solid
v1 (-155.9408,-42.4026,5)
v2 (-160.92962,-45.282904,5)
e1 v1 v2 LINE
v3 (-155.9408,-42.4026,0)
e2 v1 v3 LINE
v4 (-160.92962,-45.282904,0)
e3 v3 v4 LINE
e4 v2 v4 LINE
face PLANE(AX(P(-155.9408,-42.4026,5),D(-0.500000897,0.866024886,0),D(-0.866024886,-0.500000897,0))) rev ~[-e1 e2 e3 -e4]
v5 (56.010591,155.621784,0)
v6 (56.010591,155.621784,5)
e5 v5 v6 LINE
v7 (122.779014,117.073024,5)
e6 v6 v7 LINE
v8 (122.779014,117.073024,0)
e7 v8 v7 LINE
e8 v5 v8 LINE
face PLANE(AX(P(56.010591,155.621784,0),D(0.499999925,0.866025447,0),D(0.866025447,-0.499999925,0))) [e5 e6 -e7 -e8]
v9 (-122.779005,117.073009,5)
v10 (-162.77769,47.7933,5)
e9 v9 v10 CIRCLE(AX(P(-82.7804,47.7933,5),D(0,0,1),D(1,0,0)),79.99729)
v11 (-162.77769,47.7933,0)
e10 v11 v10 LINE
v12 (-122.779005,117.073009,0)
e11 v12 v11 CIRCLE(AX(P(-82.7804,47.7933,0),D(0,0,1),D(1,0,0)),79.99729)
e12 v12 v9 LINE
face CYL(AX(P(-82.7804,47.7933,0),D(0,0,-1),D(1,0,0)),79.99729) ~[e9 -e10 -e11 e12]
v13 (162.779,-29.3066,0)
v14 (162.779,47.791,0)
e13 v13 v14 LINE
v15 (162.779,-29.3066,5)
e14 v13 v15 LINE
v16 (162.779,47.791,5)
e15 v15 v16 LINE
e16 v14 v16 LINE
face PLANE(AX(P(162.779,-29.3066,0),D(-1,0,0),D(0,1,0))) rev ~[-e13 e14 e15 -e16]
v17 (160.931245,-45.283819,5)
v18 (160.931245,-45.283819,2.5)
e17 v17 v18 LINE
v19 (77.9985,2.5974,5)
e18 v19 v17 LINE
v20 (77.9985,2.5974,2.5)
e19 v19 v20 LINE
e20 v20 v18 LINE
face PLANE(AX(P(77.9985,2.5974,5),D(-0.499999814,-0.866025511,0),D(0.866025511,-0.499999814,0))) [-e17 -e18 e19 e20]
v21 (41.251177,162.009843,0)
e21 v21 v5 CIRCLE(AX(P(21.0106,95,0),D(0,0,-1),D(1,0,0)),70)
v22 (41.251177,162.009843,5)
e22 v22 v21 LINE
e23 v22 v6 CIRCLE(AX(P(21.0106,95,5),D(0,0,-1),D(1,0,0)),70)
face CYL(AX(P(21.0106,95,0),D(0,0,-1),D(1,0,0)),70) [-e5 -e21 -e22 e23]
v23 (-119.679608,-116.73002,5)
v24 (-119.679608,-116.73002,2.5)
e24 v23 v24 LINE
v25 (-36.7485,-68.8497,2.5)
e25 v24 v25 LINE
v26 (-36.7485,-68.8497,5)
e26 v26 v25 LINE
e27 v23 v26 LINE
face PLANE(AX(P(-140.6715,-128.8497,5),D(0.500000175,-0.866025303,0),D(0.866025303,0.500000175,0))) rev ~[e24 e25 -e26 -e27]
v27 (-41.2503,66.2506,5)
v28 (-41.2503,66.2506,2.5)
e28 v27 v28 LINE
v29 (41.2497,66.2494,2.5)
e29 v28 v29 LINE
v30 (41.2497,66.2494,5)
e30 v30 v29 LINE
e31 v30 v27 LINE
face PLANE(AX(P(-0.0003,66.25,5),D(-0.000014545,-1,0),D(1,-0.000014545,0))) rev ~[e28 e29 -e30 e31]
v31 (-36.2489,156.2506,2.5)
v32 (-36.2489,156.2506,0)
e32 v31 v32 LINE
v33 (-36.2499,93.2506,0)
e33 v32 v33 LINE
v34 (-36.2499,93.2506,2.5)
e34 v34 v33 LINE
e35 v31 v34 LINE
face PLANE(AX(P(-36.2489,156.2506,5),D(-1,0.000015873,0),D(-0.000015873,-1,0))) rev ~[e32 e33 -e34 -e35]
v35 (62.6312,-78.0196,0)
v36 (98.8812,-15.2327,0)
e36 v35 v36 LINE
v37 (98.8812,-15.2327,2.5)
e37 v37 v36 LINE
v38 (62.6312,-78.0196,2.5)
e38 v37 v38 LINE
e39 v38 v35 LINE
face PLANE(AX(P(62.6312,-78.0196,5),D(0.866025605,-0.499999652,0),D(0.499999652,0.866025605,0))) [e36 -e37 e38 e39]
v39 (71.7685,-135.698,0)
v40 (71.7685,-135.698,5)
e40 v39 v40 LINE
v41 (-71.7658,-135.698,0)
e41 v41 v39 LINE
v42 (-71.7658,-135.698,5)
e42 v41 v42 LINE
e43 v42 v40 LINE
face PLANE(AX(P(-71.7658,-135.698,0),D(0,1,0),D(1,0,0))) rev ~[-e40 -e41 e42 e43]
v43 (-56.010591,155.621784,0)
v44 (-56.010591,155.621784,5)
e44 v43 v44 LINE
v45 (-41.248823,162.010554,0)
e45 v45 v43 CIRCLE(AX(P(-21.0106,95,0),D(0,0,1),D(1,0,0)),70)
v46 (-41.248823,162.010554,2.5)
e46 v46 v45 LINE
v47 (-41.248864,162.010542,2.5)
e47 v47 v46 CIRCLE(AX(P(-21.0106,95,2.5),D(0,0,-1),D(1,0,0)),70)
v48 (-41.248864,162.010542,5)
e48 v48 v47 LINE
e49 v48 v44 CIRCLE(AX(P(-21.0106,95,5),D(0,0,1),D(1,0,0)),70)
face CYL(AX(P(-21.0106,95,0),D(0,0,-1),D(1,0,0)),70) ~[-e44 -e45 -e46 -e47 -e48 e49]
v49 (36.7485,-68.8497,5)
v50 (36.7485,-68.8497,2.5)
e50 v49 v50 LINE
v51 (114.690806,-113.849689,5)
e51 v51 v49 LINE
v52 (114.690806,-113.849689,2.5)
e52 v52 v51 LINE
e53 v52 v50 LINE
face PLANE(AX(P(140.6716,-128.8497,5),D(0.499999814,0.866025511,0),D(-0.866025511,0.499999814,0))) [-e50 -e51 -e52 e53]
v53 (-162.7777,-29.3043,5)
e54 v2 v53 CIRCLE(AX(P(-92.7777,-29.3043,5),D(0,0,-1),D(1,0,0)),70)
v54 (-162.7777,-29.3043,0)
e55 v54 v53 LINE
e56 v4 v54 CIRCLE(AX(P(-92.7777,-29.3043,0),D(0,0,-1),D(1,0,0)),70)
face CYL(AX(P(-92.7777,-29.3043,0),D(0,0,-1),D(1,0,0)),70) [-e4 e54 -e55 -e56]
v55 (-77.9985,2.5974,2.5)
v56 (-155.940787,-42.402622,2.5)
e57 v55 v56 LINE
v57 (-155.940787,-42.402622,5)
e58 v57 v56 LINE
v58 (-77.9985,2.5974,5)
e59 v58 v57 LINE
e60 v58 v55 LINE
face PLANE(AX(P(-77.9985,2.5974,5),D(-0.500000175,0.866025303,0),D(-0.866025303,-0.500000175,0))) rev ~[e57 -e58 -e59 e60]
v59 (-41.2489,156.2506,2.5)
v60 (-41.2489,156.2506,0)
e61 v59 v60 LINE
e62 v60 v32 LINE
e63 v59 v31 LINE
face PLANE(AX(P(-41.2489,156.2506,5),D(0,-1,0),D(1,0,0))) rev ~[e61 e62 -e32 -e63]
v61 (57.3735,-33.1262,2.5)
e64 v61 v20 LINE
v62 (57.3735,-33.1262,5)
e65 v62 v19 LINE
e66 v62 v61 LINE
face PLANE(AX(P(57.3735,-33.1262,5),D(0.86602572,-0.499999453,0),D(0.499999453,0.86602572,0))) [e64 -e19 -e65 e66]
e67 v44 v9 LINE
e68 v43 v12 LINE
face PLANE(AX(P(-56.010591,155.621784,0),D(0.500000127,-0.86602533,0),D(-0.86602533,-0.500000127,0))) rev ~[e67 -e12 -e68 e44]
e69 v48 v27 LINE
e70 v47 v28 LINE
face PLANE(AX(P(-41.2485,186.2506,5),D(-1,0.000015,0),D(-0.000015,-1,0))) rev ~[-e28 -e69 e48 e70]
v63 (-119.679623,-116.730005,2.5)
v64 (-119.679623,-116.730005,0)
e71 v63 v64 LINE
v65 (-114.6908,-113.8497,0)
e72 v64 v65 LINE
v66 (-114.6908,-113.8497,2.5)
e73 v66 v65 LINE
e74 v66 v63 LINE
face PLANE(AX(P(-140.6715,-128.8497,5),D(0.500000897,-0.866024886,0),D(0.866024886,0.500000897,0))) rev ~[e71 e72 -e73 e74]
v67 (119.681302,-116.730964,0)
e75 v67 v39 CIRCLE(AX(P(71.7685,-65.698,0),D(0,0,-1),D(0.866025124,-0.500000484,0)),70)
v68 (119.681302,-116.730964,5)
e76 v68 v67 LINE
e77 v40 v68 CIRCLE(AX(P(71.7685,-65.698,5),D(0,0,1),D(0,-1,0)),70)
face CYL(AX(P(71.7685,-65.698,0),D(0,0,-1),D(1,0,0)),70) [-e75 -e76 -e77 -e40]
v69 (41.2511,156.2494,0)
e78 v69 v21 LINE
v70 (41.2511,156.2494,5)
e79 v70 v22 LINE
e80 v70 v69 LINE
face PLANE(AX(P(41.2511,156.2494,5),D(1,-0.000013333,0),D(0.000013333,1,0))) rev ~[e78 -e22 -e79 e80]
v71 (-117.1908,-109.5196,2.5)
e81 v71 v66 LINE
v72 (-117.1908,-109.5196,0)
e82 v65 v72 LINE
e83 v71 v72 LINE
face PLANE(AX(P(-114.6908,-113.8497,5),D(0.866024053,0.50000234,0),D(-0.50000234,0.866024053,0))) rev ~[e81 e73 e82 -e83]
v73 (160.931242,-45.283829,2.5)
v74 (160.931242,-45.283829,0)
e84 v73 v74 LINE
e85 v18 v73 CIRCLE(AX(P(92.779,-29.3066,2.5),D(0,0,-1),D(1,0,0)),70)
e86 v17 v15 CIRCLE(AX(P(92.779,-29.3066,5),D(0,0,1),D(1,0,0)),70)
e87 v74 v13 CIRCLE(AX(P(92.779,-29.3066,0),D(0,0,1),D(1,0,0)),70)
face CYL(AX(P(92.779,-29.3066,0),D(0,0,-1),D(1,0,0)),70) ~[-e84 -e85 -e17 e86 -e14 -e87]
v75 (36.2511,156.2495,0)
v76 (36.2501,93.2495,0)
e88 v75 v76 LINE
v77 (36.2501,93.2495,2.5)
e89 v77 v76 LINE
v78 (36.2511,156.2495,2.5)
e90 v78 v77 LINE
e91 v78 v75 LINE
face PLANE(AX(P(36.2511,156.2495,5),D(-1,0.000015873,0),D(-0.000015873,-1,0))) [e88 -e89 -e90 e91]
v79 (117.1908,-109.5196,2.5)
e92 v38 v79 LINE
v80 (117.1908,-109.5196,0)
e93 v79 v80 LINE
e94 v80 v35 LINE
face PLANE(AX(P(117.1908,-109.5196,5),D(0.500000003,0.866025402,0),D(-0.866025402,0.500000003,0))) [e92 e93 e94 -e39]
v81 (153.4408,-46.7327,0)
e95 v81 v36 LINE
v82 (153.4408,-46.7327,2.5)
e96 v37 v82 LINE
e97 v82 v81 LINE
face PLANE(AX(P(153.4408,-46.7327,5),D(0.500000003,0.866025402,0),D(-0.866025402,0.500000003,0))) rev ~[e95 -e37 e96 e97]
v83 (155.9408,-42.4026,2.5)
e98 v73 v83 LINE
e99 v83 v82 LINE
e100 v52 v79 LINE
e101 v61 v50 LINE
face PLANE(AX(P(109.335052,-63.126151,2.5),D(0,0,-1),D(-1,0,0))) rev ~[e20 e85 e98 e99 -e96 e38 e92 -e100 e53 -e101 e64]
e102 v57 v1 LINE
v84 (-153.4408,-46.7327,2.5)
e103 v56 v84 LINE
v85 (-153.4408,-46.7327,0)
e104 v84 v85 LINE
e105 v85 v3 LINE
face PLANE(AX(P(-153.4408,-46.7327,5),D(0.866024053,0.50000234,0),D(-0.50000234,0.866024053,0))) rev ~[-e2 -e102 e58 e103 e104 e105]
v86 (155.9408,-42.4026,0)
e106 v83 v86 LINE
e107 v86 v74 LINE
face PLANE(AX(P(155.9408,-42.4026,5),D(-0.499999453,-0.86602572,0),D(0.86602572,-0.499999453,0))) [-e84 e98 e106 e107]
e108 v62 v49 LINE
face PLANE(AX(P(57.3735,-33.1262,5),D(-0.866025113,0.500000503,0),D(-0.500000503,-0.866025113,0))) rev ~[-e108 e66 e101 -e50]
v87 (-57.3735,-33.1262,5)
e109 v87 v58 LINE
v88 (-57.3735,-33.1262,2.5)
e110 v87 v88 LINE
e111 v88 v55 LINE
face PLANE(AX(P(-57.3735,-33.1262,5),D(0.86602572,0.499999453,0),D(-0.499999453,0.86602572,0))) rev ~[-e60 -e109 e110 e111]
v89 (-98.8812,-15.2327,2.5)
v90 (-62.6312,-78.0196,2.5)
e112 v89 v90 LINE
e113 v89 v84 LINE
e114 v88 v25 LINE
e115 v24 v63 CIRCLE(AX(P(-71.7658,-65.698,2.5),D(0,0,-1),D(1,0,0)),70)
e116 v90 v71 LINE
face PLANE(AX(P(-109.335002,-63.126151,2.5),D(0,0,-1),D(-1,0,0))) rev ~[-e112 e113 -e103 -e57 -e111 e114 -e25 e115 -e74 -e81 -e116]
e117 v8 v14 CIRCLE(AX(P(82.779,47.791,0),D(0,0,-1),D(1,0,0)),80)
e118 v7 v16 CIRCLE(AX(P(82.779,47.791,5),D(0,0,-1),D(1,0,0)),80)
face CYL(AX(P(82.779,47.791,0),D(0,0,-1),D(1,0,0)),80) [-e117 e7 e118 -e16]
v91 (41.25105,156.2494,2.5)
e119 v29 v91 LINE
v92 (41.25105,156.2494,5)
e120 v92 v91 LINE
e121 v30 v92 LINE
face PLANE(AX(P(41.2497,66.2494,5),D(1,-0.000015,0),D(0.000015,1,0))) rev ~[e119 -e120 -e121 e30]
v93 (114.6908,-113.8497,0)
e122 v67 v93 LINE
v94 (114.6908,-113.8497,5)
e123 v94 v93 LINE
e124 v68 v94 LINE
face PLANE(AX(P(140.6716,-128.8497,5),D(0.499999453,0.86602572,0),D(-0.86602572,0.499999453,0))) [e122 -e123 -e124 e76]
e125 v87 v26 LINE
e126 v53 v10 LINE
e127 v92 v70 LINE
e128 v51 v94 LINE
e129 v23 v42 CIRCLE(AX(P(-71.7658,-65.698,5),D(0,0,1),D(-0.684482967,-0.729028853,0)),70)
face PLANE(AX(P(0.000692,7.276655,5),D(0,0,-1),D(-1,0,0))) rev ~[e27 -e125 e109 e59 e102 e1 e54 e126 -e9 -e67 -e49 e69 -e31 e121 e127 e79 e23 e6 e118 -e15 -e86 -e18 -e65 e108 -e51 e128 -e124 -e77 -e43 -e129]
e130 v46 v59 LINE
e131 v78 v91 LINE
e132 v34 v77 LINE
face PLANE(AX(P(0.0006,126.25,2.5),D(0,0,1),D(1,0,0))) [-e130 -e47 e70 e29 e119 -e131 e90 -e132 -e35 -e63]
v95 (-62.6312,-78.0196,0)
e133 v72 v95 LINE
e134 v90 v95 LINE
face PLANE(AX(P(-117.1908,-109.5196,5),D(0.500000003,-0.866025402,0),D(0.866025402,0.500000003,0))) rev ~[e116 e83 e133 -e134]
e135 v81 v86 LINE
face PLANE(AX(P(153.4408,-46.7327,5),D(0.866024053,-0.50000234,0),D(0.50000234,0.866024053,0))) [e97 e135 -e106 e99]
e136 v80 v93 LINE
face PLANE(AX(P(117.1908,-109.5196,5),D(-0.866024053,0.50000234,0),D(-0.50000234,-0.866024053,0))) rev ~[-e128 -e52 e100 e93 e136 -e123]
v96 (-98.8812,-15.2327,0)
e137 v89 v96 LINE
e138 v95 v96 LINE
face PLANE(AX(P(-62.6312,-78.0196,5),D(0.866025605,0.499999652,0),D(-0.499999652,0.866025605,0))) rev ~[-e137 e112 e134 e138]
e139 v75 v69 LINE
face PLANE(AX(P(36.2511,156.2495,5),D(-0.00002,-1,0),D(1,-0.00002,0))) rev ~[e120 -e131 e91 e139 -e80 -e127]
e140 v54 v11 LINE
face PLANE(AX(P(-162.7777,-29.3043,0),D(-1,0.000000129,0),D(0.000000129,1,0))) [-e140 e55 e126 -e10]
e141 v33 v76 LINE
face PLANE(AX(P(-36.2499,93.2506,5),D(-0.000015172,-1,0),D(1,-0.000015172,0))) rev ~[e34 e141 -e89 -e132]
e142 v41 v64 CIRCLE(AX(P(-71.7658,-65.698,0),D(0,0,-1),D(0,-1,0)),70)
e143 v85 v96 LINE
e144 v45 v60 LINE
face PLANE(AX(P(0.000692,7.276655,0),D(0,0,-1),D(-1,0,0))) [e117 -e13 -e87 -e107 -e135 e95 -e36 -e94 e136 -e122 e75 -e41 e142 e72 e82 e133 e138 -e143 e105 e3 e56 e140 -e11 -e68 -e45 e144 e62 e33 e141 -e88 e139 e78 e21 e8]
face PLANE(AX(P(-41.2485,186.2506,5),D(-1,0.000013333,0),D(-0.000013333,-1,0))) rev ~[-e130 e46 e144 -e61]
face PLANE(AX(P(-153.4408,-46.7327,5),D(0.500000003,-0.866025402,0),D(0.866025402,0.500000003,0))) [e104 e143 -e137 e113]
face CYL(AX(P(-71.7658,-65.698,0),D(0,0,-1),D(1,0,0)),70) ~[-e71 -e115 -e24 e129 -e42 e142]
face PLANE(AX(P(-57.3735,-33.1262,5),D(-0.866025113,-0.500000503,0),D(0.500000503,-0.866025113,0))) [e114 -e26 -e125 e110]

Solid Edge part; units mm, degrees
sketch "Sketch1" plane through (0, 0, 0) normal (0, 0, 1) x (1, 0, 0)
  line L0 (56.0106, 155.6218) -> (122.779, 117.073)
  arc A0 (122.779, 117.073) -> (162.779, 47.791) centre (82.779, 47.791) cw
  line L1 (162.779, -29.3066) -> (162.779, 47.791)
  arc A1 (153.4008, -64.3066) -> (162.779, -29.3066) centre (92.779, -29.3066) ccw
  line L2 (142.8955, -82.5023) -> (153.4008, -64.3066)
  line L3 (142.8955, -82.5023) -> (132.3902, -100.698)
  arc A2 (132.3902, -100.698) -> (106.7685, -126.3198) centre (71.7685, -65.698) cw
  arc A3 (106.7685, -126.3198) -> (71.7685, -135.698) centre (71.7685, -65.698) cw
  line L4 (-71.7658, -135.698) -> (71.7685, -135.698)
  arc A4 (-106.7658, -126.3198) -> (-71.7658, -135.698) centre (-71.7658, -65.698) ccw
  arc A5 (-132.3876, -100.698) -> (-106.7658, -126.3198) centre (-71.7658, -65.698) ccw
  line L5 (-153.3995, -64.3043) -> (-132.3876, -100.698)
  arc A6 (-153.3995, -64.3043) -> (-162.7777, -29.3043) centre (-92.7777, -29.3043) cw
  line L6 (-162.7777, -29.3043) -> (-162.7777, 47.7933)
  arc A7 (-122.779, 117.073) -> (-162.7777, 47.7933) centre (-82.7804, 47.7933) ccw
  line L7 (-56.0106, 155.6218) -> (-122.779, 117.073)
  arc A8 (-21.0106, 165) -> (-56.0106, 155.6218) centre (-21.0106, 95) ccw
  line L8 (0, 165) -> (-21.0106, 165)
  line L9 (0, 165) -> (21.0106, 165)
  arc A9 (21.0106, 165) -> (56.0106, 155.6218) centre (21.0106, 95) cw
extrude "Protrusion1" add sketch "Sketch1" along normal blind 5
sketch "Sketch2" plane through (0.0007, 14.651, 5) normal (0, 0, 1) x (1, 0, 0)
  line L0 (-57.3742, -47.7772) -> (-36.7492, -83.5007)
  line L1 (-140.6722, -143.5007) -> (-36.7492, -83.5007)
  line L2 (-181.9222, -72.0536) -> (-140.6722, -143.5007)
  line L3 (-77.9992, -12.0536) -> (-181.9222, -72.0536)
  line L4 (-57.3742, -47.7772) -> (-77.9992, -12.0536)
  line L5 (140.6709, -143.5007) -> (36.7478, -83.5007)
  line L6 (57.3728, -47.7772) -> (36.7478, -83.5007)
  line L7 (57.3728, -47.7772) -> (77.9978, -12.0536)
  line L8 (77.9978, -12.0536) -> (181.9209, -72.0536)
  line L9 (181.9209, -72.0536) -> (140.6709, -143.5007)
  line L10 (-0.001, 51.599) -> (41.249, 51.5984)
  line L11 (41.249, 51.5984) -> (41.2508, 171.5984)
  line L12 (41.2508, 171.5984) -> (-41.2492, 171.5996)
  line L13 (-41.2492, 171.5996) -> (-41.251, 51.5996)
  line L14 (-0.001, 51.599) -> (-41.251, 51.5996)
extrude "ExtrudedCutout_4" cut sketch "Sketch2" against normal blind 2.5
sketch "Sketch3" plane through (0.0007, 14.651, 5) normal (0, 0, 1) x (1, 0, 0)
  line L0 (-62.6319, -92.6706) -> (-98.8819, -29.8837)
  line L1 (-153.4415, -61.3837) -> (-98.8819, -29.8837)
  line L2 (-153.4415, -61.3837) -> (-155.9415, -57.0536)
  line L3 (-155.9415, -57.0536) -> (-181.9222, -72.0536)
  line L4 (-181.9222, -72.0536) -> (-140.6722, -143.5007)
  line L5 (-140.6722, -143.5007) -> (-114.6915, -128.5007)
  line L6 (-114.6915, -128.5007) -> (-117.1915, -124.1706)
  line L7 (-117.1915, -124.1706) -> (-62.6319, -92.6706)
extrude "ExtrudedCutout_5" cut sketch "Sketch3" against normal blind 5
sketch "Sketch4" plane through (0.0007, 14.651, 5) normal (0, 0, 1) x (1, 0, 0)
  line L0 (41.2504, 141.5984) -> (41.2508, 171.5984)
  line L1 (41.2508, 171.5984) -> (-41.2492, 171.5996)
  line L2 (-41.2492, 171.5996) -> (-41.2496, 141.5996)
  line L3 (-41.2496, 141.5996) -> (-36.2496, 141.5996)
  line L4 (-36.2496, 141.5996) -> (-36.2506, 78.5996)
  line L5 (-36.2506, 78.5996) -> (36.2494, 78.5985)
  line L6 (36.2504, 141.5985) -> (36.2494, 78.5985)
  line L7 (36.2504, 141.5985) -> (41.2504, 141.5984)
  line L8 (153.4401, -61.3837) -> (98.8805, -29.8837)
  line L9 (62.6305, -92.6706) -> (98.8805, -29.8837)
  line L10 (117.1901, -124.1706) -> (62.6305, -92.6706)
  line L11 (117.1901, -124.1706) -> (114.6901, -128.5007)
  line L12 (140.6709, -143.5007) -> (114.6901, -128.5007)
  line L13 (181.9209, -72.0536) -> (140.6709, -143.5007)
  line L14 (155.9401, -57.0536) -> (181.9209, -72.0536)
  line L15 (153.4401, -61.3837) -> (155.9401, -57.0536)
extrude "ExtrudedCutout_6" cut sketch "Sketch4" against normal blind 5
properties material "Polycarbonate"
